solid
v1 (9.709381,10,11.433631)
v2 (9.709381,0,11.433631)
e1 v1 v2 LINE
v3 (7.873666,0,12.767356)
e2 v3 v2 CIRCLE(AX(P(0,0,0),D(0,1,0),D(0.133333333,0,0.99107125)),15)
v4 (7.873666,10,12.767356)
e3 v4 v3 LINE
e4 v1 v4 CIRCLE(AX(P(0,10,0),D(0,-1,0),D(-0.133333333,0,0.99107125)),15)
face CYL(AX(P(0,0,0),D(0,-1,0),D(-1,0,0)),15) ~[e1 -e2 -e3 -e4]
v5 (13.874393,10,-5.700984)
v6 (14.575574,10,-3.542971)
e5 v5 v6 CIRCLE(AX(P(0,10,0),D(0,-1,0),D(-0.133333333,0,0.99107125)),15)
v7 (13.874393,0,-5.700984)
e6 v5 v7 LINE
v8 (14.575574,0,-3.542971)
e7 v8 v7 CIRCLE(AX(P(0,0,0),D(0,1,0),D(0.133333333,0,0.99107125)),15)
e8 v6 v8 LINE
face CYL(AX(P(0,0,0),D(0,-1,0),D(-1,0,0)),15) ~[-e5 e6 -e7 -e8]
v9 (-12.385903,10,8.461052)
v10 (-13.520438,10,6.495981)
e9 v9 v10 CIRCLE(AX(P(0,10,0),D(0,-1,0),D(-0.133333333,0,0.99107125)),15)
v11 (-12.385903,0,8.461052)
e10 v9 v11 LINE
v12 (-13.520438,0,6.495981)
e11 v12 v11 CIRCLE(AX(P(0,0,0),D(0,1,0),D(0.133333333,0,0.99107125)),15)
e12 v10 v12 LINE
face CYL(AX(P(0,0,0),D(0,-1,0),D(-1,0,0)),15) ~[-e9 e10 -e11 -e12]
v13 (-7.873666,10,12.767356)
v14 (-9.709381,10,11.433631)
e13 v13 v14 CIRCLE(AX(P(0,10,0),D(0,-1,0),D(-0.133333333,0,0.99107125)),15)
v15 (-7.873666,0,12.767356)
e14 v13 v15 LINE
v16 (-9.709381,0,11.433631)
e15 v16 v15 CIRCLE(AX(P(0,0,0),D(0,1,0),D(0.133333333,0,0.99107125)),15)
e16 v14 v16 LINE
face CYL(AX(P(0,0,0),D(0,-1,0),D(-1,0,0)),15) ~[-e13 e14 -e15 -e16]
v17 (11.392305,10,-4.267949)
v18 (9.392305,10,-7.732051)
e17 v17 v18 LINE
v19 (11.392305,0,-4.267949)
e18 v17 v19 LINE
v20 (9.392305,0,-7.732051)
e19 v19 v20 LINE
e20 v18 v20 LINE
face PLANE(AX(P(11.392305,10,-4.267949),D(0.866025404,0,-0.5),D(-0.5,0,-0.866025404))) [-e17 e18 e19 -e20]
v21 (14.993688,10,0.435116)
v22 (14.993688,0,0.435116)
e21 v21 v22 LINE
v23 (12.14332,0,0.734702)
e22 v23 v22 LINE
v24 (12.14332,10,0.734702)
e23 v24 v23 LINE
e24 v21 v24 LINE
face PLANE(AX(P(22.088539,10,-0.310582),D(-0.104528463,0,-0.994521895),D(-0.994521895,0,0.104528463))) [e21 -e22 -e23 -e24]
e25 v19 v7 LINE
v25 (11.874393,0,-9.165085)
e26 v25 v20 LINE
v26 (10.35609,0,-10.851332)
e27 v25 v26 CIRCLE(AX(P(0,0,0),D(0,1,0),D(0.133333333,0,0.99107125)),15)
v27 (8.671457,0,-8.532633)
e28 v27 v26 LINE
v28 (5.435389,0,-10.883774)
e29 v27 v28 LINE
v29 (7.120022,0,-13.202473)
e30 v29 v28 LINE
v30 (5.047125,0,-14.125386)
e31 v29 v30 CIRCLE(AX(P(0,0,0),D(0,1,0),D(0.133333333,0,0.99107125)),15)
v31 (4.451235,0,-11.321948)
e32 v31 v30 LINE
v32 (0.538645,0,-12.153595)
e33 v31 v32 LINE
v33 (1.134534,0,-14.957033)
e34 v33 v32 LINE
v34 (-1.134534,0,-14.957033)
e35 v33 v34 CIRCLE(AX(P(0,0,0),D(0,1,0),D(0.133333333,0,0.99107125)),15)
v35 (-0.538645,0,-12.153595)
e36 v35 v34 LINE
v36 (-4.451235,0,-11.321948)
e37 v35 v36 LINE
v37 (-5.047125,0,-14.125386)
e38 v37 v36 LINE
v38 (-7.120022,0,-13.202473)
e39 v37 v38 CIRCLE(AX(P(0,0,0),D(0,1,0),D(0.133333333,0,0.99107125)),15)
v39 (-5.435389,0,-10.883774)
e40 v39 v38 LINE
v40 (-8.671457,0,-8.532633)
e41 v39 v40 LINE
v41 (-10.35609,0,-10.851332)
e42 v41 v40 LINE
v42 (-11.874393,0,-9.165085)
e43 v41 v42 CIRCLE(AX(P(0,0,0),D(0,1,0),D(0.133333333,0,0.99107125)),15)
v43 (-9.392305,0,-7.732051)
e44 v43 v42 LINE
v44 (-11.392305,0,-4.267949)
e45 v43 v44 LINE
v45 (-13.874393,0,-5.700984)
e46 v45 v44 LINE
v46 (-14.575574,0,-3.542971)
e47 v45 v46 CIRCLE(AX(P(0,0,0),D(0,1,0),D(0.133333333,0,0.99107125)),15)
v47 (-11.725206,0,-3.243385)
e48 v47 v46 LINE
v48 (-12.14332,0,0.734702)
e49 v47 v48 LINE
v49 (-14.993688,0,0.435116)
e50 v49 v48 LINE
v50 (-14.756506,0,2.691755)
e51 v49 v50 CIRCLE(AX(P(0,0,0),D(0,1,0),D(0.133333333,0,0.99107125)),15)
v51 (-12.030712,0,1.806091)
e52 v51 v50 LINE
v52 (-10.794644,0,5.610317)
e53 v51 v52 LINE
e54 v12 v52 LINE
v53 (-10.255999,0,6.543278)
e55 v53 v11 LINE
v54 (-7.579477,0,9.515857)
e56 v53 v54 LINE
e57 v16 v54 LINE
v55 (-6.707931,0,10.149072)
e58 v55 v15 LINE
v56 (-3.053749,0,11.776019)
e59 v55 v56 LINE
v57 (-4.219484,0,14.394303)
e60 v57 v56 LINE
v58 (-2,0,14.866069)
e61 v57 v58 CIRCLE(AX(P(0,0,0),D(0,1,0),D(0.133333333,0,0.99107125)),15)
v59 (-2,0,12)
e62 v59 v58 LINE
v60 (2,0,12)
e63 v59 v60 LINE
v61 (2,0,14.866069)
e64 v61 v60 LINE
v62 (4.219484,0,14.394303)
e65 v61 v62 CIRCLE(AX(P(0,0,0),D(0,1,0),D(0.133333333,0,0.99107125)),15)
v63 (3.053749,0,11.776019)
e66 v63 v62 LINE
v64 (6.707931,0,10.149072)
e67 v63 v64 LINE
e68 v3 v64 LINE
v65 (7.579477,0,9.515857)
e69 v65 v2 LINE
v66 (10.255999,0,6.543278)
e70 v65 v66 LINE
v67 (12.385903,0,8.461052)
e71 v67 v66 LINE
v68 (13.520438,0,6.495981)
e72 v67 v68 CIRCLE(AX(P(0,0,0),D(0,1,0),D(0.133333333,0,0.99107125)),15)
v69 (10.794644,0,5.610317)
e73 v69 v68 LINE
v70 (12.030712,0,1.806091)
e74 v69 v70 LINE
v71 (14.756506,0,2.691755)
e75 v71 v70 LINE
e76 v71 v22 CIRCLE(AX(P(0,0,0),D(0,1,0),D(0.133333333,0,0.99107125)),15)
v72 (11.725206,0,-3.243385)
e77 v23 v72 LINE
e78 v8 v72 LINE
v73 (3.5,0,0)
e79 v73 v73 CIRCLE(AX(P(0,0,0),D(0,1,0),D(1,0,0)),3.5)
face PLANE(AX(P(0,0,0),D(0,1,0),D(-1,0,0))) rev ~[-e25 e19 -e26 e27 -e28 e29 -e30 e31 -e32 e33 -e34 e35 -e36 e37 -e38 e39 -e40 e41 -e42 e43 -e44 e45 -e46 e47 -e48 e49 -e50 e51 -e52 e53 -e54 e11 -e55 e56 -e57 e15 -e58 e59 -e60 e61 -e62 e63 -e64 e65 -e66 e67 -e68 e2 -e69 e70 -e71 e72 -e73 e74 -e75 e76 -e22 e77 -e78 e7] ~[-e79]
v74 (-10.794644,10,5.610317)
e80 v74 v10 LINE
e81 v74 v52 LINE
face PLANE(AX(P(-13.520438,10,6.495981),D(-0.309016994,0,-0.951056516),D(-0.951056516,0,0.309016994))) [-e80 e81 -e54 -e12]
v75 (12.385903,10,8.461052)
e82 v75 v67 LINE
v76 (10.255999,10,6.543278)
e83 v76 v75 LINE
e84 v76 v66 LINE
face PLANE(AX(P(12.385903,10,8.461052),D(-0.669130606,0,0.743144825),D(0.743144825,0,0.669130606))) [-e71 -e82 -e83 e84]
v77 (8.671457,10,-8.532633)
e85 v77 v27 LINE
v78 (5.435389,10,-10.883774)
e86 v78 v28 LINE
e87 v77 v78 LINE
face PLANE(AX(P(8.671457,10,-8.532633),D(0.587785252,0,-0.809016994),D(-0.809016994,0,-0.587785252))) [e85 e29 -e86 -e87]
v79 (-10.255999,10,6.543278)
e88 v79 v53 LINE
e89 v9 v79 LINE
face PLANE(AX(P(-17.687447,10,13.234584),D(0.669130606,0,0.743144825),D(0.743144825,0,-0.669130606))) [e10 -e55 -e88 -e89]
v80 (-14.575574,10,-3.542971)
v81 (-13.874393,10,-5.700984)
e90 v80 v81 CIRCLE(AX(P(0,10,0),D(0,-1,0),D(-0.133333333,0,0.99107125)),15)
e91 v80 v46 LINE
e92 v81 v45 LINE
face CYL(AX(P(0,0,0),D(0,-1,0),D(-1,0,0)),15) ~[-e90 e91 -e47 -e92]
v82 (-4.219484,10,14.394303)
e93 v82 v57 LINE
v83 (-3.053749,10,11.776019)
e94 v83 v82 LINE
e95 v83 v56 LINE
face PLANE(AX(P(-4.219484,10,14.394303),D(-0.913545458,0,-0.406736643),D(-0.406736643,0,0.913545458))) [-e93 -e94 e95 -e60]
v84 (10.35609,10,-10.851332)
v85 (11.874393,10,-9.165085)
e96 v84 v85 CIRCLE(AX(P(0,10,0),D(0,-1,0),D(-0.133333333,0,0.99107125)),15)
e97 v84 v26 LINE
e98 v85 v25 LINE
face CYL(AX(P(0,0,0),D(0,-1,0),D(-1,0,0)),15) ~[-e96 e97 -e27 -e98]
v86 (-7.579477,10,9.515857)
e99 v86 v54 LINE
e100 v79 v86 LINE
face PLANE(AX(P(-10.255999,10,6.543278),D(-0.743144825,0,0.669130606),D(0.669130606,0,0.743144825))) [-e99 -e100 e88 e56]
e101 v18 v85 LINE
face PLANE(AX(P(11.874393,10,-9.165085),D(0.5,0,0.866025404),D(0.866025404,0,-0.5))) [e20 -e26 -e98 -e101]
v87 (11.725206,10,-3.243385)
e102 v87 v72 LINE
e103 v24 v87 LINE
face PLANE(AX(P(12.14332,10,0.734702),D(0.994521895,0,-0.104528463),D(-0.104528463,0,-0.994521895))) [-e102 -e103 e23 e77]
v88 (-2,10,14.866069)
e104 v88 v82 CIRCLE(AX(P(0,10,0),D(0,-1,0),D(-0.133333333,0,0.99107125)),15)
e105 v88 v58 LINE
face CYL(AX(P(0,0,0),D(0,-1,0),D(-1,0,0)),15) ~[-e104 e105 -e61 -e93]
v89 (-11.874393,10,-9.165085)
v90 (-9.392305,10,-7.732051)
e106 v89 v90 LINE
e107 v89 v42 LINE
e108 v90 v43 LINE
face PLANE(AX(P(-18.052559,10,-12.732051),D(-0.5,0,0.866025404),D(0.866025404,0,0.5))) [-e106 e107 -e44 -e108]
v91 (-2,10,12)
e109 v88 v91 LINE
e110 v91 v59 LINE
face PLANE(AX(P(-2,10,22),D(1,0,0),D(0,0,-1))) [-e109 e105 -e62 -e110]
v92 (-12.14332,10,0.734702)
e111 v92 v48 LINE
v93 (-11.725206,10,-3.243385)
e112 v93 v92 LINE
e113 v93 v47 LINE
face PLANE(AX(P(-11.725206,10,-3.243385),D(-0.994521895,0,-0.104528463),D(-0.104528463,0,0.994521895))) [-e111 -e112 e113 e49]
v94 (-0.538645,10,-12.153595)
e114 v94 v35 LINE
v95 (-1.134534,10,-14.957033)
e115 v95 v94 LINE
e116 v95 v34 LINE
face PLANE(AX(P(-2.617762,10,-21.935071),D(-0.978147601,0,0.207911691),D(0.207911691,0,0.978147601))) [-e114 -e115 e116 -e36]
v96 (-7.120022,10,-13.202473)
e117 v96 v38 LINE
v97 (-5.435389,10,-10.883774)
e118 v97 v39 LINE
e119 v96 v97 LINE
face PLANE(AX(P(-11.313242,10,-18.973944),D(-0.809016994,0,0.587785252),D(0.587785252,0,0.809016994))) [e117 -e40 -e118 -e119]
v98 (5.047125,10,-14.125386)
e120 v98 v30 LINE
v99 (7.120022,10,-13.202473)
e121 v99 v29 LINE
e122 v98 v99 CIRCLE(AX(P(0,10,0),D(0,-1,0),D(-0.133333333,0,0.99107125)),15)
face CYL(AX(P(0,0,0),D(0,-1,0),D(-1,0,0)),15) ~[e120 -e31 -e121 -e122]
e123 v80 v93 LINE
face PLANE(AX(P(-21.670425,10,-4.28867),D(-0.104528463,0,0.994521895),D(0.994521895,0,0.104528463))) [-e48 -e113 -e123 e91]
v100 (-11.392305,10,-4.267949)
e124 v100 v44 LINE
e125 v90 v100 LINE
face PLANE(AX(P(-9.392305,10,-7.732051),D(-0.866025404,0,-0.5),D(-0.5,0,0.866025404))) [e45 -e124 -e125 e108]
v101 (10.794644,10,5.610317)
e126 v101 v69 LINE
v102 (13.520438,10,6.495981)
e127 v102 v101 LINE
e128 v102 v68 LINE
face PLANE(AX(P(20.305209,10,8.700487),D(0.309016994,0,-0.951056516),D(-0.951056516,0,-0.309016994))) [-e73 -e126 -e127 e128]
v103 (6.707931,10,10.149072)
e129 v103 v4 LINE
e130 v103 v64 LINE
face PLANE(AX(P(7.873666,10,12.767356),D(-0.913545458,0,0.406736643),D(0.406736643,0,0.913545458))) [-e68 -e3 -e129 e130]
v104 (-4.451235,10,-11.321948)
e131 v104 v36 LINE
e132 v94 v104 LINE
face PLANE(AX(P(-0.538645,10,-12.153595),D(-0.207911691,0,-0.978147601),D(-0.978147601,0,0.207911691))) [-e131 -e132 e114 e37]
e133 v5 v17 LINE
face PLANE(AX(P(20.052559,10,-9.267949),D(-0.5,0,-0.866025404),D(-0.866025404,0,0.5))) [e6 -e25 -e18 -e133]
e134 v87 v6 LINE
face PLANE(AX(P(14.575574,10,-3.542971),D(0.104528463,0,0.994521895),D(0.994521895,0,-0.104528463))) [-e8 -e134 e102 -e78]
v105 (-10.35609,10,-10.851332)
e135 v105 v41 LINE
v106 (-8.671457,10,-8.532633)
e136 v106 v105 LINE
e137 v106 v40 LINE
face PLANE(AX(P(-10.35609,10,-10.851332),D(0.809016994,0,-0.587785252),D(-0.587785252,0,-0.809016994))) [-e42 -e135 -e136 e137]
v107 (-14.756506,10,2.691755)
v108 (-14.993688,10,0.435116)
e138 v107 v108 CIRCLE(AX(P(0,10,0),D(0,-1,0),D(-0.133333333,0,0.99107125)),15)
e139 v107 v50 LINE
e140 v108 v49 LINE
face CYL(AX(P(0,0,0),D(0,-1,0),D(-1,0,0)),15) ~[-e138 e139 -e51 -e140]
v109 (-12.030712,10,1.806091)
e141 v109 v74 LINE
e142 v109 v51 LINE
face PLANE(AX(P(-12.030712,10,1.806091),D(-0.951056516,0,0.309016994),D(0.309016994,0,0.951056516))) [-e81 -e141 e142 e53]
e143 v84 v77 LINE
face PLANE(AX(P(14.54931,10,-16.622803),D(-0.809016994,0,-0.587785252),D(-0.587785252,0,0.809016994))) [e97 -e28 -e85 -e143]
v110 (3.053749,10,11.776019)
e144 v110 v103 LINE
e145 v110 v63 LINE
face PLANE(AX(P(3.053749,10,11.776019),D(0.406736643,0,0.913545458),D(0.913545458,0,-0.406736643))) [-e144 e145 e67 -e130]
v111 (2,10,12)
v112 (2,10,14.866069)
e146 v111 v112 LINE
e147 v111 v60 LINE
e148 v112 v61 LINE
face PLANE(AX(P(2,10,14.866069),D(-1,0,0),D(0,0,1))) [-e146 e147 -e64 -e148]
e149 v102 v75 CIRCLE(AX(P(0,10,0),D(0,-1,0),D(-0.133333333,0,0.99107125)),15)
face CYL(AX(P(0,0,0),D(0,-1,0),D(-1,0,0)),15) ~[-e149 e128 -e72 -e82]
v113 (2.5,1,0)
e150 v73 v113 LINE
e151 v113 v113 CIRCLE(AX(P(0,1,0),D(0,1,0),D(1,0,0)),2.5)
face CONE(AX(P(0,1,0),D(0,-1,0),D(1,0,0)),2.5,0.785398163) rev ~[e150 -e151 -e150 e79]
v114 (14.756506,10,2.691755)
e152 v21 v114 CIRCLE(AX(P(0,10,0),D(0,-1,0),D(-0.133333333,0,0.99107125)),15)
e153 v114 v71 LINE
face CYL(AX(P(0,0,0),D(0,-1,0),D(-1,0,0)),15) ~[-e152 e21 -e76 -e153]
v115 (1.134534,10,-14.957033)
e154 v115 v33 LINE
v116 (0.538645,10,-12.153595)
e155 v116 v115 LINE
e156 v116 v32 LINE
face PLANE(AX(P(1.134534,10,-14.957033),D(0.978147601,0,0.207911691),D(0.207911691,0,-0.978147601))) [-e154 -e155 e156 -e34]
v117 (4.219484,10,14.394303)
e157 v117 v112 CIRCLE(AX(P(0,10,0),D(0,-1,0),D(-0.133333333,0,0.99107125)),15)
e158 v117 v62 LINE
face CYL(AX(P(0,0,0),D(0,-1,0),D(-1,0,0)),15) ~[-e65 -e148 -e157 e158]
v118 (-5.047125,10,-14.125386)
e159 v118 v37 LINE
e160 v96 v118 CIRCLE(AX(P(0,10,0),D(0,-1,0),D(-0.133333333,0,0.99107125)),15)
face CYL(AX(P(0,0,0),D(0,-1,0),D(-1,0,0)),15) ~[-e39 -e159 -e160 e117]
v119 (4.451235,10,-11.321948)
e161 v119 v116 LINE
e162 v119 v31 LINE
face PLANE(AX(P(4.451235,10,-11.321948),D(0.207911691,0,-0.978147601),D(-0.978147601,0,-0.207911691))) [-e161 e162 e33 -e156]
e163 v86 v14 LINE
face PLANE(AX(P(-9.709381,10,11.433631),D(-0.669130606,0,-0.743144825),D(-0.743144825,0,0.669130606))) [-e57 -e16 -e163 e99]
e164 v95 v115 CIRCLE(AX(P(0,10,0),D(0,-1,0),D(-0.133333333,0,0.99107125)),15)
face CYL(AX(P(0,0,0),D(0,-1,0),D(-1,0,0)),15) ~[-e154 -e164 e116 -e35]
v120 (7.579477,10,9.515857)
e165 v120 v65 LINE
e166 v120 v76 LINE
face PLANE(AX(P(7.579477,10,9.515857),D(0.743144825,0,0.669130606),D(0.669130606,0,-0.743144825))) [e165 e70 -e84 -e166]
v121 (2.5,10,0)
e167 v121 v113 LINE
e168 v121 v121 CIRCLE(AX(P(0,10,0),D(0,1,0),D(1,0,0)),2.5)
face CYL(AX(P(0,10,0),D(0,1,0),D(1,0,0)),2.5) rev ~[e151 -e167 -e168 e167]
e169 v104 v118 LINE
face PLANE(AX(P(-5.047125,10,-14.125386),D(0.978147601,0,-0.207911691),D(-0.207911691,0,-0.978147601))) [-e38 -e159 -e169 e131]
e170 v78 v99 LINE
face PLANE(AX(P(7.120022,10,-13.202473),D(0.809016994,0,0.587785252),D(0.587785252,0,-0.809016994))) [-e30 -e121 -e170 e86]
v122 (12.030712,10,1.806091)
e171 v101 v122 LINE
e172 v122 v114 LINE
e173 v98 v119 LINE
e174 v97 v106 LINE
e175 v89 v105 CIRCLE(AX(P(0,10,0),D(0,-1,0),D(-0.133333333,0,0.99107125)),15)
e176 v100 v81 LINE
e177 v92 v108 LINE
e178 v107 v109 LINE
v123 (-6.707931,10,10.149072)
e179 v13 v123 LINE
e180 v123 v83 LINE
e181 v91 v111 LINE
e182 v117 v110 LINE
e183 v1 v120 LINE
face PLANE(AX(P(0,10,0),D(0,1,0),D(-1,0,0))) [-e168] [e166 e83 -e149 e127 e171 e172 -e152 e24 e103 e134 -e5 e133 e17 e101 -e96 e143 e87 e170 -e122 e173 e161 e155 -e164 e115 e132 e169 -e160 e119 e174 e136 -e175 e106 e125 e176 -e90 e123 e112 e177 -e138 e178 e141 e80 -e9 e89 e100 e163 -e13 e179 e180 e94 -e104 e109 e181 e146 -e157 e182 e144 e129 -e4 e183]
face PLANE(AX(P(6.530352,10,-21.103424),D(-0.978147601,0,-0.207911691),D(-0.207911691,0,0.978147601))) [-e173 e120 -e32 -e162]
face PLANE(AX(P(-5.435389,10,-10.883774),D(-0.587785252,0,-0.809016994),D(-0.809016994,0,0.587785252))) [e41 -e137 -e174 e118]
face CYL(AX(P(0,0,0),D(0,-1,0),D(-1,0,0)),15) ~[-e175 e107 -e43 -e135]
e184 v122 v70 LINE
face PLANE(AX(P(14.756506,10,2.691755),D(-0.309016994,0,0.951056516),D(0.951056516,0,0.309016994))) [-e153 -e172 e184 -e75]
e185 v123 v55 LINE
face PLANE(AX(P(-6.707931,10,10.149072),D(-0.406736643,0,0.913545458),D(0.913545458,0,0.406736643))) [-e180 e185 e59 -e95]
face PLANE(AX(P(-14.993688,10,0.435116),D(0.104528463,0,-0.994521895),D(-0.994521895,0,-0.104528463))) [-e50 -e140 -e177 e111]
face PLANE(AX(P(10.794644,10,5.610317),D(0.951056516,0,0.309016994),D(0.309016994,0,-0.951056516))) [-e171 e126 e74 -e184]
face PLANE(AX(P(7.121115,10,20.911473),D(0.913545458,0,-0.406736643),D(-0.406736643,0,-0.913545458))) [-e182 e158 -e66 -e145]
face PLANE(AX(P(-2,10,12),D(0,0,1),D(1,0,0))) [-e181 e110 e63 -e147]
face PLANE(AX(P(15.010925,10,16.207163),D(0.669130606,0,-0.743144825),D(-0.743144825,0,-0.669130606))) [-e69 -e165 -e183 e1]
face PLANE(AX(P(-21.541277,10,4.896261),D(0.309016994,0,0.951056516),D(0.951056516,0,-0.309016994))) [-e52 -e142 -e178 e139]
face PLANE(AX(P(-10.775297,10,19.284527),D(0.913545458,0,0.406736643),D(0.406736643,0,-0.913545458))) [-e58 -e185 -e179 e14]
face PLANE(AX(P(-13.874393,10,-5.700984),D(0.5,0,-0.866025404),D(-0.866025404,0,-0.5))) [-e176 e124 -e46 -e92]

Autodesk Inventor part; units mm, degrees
ref_plane "XY Plane" through (0, 0, 0) normal (0, 0, 1) x (1, 0, 0)
sketch "Sketch1" plane through (0, 0, 0) normal (0, 1, 0) x (-1, 0, 0)
  circle A0 centre (0, 0) radius 15
  dimension "d0" = 30
ref_plane "Work Plane1" through (0, 10, 0) normal (0, 1, 0) x (-1, 0, 0)
extrude "Extrusion1" add sketch "Sketch1" along normal blind 10
sketch "Sketch2" plane through (0, 10, 0) normal (0, 1, 0) x (1, 0, 0)
  line L0 (2, -22) -> (-2, -22)
  line L1 (-2, -22) -> (-2, -12)
  line L2 (-2, -12) -> (2, -12)
  line L3 (2, -12) -> (2, -22)
  circle A0 centre (0, 0) radius 15 projected
  point P0 (0, -12)
  dimension "d4" = 4
  dimension "d5" = 10
  dimension "d6" = 12
extrude "Extrusion2" cut sketch "Sketch2" against normal blind 10 contours L0 L1 A0 L3 | A0 L1 L2 L3 picked at (-0.2228, -12.995)
pattern_circular "Circular Pattern1" count 15 over 360 about axis through (0, 0, 0) along (0, 1, 0) of "Extrusion2"
sketch "Sketch6" plane through (0, 10, 0) normal (0, 1, 0) x (1, 0, 0)
  circle A0 centre (0, 0) radius 2.5
  dimension "d24" = 5
extrude "Extrusion6" cut sketch "Sketch6" against normal blind 10
chamfer "Chamfer1" distance 1 angle 45 1 edges at (-2.5, 0, 0)
properties part number "malare" material "Aluminum 6061"
